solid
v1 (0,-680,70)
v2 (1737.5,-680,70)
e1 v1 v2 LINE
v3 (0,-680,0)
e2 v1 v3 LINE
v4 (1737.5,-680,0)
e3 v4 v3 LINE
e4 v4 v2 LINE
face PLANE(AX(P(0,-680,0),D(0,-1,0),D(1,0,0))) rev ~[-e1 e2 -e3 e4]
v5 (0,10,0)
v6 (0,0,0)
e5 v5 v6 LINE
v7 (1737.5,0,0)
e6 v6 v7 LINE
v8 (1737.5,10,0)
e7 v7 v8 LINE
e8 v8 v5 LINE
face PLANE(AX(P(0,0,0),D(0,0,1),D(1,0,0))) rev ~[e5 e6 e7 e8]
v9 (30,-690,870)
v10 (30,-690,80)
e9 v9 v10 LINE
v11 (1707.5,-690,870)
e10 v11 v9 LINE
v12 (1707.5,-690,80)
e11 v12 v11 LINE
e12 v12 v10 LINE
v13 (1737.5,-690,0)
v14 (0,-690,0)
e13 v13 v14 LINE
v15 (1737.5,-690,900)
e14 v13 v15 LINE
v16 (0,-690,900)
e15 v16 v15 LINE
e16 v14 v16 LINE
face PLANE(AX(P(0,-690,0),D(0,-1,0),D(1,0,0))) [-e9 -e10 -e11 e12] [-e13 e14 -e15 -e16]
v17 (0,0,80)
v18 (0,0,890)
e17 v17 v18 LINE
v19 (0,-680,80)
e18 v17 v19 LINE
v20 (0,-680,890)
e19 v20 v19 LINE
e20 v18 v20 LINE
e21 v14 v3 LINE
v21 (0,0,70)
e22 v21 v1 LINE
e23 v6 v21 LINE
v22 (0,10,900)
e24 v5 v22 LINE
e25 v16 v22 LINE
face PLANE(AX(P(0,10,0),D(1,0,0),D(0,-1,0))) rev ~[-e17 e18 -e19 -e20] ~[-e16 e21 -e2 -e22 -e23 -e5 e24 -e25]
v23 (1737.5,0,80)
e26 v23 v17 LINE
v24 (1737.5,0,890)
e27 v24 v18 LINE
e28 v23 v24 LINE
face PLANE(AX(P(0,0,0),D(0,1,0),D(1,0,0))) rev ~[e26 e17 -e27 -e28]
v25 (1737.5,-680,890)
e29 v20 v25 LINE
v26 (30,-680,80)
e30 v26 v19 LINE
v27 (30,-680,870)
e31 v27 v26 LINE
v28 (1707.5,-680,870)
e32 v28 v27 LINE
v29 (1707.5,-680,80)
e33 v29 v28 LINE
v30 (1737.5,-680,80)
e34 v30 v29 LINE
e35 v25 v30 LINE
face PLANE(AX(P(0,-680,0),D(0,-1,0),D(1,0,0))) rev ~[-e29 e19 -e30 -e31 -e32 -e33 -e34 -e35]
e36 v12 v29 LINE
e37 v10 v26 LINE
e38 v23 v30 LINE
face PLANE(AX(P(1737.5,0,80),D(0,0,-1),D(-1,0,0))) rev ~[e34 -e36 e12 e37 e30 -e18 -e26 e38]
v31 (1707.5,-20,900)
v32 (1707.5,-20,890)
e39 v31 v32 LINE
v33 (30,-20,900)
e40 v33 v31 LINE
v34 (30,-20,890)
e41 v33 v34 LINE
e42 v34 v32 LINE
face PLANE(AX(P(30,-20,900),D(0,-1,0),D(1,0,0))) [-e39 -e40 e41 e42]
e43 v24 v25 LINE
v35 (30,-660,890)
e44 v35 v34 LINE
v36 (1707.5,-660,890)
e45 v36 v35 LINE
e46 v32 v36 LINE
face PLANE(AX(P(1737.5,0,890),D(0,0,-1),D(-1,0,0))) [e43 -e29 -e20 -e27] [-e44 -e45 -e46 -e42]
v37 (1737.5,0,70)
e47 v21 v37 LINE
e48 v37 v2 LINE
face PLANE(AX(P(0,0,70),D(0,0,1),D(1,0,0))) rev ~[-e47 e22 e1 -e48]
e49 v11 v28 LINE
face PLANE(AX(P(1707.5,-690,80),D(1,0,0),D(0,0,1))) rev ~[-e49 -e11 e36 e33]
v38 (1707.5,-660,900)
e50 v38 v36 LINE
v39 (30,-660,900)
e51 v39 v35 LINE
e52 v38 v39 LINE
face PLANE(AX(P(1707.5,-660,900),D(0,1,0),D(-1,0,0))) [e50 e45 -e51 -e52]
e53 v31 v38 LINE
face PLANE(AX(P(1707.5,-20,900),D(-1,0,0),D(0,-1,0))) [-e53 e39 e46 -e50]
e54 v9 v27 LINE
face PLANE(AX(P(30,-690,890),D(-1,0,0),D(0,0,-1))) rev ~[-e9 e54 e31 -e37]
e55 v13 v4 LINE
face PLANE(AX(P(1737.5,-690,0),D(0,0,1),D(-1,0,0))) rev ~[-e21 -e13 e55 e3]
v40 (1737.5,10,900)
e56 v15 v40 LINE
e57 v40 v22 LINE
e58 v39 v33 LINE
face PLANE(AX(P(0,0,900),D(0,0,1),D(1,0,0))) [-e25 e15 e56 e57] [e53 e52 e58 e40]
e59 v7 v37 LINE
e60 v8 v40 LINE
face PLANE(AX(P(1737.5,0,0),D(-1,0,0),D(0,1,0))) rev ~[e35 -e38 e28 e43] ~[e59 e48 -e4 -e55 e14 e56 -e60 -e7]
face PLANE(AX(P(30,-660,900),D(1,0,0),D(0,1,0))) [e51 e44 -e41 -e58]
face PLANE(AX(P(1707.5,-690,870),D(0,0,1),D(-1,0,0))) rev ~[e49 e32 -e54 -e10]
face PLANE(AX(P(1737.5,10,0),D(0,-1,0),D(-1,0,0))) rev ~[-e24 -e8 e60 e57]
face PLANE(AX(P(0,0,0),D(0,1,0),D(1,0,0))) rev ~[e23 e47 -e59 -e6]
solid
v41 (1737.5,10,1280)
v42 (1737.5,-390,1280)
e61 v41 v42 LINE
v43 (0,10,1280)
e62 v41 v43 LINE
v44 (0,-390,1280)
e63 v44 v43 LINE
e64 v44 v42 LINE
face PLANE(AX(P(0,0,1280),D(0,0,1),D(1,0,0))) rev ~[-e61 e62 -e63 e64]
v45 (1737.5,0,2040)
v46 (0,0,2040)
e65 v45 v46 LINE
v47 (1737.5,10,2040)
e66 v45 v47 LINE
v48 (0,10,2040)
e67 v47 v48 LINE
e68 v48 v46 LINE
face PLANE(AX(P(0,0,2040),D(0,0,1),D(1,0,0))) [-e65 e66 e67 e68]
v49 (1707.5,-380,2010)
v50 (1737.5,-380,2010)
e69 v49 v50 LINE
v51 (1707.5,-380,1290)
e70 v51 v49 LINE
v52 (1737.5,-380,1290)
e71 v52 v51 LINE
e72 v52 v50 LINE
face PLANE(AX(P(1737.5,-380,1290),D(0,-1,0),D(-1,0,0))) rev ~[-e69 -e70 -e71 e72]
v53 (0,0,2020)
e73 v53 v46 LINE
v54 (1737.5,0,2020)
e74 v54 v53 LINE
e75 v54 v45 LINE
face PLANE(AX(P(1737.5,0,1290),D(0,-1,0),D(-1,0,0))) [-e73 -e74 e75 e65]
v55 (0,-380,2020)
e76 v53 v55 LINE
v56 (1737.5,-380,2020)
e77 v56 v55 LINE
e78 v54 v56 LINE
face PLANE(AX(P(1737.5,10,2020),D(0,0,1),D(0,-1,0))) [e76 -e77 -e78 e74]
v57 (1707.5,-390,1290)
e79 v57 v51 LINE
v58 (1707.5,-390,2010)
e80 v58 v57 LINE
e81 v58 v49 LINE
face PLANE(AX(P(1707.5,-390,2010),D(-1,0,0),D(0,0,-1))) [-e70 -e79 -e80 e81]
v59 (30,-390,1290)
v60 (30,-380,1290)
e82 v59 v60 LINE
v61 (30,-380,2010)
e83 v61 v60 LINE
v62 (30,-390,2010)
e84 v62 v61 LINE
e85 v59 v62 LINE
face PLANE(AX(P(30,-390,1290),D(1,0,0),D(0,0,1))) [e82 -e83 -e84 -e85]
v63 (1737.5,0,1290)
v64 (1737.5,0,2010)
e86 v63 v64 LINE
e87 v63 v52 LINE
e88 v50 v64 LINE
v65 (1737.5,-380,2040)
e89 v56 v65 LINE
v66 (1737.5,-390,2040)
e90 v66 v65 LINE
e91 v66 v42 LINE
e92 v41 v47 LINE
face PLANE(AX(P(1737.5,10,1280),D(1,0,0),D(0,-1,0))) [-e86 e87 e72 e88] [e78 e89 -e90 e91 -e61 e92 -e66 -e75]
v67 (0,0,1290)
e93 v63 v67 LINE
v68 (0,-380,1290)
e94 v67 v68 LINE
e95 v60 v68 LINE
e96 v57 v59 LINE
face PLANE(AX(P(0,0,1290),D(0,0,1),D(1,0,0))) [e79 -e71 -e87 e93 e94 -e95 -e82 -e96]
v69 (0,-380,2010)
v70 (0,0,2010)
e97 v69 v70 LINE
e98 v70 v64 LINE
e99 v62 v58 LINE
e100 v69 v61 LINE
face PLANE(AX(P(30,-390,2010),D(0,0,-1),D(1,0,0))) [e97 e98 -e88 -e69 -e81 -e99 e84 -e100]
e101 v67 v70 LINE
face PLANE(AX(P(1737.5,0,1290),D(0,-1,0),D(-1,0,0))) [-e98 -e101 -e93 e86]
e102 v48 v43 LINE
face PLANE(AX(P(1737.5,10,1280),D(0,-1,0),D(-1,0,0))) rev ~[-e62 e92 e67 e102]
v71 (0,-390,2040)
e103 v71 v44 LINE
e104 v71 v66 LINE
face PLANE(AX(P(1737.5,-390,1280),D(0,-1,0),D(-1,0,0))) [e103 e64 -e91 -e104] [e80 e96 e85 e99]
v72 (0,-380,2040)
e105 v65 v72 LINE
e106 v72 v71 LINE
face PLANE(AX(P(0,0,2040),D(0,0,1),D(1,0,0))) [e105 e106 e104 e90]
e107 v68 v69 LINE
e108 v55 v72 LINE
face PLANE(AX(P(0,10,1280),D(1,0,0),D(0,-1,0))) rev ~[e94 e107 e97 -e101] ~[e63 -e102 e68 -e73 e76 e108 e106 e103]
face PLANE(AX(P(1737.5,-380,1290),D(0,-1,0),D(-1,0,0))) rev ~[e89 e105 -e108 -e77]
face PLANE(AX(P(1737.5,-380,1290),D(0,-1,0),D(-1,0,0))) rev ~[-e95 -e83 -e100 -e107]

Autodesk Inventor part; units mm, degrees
ref_plane "YZ Plane" through (0, 0, 0) normal (1, 0, 0) x (0, 1, 0)
ref_plane "XZ Plane" through (0, 0, 0) normal (0, 1, 0) x (-1, 0, 0)
sketch "Sketch1" plane through (0, 0, 0) normal (0, 0, 1) x (1, 0, 0)
  line L0 (0, 0) -> (1737.5, 0)
  line L1 (1737.5, 0) -> (1737.5, 10)
  line L2 (1737.5, 10) -> (0, 10)
  line L3 (0, 10) -> (0, 0)
  dimension "ancho" = 1737.5
  dimension "espesor" = 10
extrude "Extrusion1" add sketch "Sketch1" along normal blind 900
sketch "Sketch2" plane through (0, 0, 0) normal (0, -1, 0) x (1, 0, 0)
  line L0 (0, 0) -> (1737.5, 0) construction
  line L1 (1737.5, 0) -> (1737.5, 900) construction
  line L2 (0, 900) -> (1737.5, 900) construction
  line L3 (0, 0) -> (0, 900) construction
  line L4 (0, 0) -> (0, 900) projected
  line L5 (0, 70) -> (1737.5, 70)
  line L6 (1737.5, 70) -> (1737.5, 80)
  line L7 (1737.5, 80) -> (0, 80)
  line L8 (0, 80) -> (0, 70)
  line L9 (0, 900) -> (1737.5, 900) projected
  line L10 (1737.5, 0) -> (1737.5, 900) projected
  line L11 (0, 900) -> (1737.5, 900)
  line L12 (1737.5, 900) -> (1737.5, 890)
  line L13 (1737.5, 890) -> (0, 890)
  line L14 (0, 890) -> (0, 900)
  dimension "d5" = 10
  dimension "d6" = 10
  dimension "d7" = 80
extrude "Extrusion2" add sketch "Sketch2" along normal blind 690 contours L4 L7 L6 L5 | L4 L9 L10 L13
sketch "Sketch3" plane through (0, 0, 900) normal (0, 0, 1) x (1, 0, 0)
  line L0 (1737.5, 10) -> (1737.5, -690) projected
  line L1 (1737.5, 10) -> (0, 10) projected
  line L2 (0, 10) -> (0, -690) projected
  line L3 (1737.5, -690) -> (0, -690) projected
  line L4 (30, -660) -> (30, -20)
  line L5 (30, -20) -> (1707.5, -20)
  line L6 (1707.5, -20) -> (1707.5, -660)
  line L7 (1707.5, -660) -> (30, -660)
  point P0 (0, 0)
  dimension "d10" = 30
extrude "Extrusion3" cut sketch "Sketch3" against normal up to next contours L4 L5 L6 L7
sketch "Sketch4" plane through (0, -690, 0) normal (0, -1, 0) x (1, 0, 0)
  line L0 (0, 70) -> (1737.5, 70) construction
  line L1 (1737.5, 70) -> (1737.5, 80) construction
  line L2 (1737.5, 80) -> (0, 80) construction
  line L3 (0, 80) -> (0, 70) construction
  line L4 (0, 900) -> (0, 890) construction
  line L5 (0, 890) -> (1737.5, 890) construction
  line L6 (1737.5, 890) -> (1737.5, 900) construction
  line L7 (1737.5, 900) -> (0, 900) construction
  line L8 (1737.5, 70) -> (0, 70) construction
  line L9 (0, 0) -> (0, 70) construction
  line L10 (0, 0) -> (1737.5, 0) construction
  line L11 (1737.5, 0) -> (1737.5, 70) construction
  line L12 (0, 900) -> (1737.5, 900)
  line L13 (1737.5, 900) -> (1737.5, 0)
  line L14 (1737.5, 0) -> (0, 0)
  line L15 (0, 0) -> (0, 900)
  line L16 (1737.5, 80) -> (0, 80) projected
  line L17 (30, 80) -> (1707.5, 80)
  line L18 (1707.5, 80) -> (1707.5, 890)
  line L19 (1707.5, 890) -> (30, 890)
  line L20 (30, 890) -> (30, 80)
  dimension "d13" = 30
  dimension "d14" = 30
extrude "Extrusion4" add sketch "Sketch4" against normal blind 10 contours L12 L13 L16 L18 L19 L20 L15 | L16 L13 L14 L15
ref_plane "Work Plane1" through (0, 0, 1280) normal (0, 0, 1) x (1, 0, 0)
sketch "Sketch5" plane through (0, 0, 1280) normal (0, 0, 1) x (1, 0, 0)
  line L0 (1737.5, 10) -> (0, 10) projected
  line L1 (0, 10) -> (0, -690) projected
  line L2 (1737.5, 10) -> (1737.5, -690) projected
  line L3 (1737.5, -690) -> (0, -690) projected
  line L4 (0, 10) -> (1737.5, 10)
  line L5 (1737.5, 10) -> (1737.5, -390)
  line L6 (1737.5, -390) -> (0, -390)
  line L7 (0, -390) -> (0, 10)
  line L8 (1707.5, -660) -> (1707.5, -20) projected
  line L9 (0, -390) -> (1707.5, -390)
  line L10 (1707.5, -390) -> (1707.5, -380)
  line L11 (1707.5, -380) -> (0, -380)
  line L12 (0, -380) -> (0, -390)
  point P0 (0, 0)
  dimension "d36" = 1737.5
  dimension "profundidad2" = 400
  dimension "d39" = 10
extrude "Extrusion5" add sketch "Sketch5" along normal blind 10 contours L2 L6 L8 L11 L1 L0 | L11 L8 L6 L1
sketch "Sketch9" plane through (0, -690, 0) normal (0, -1, 0) x (1, 0, 0)
  line L0 (30, 890) -> (1707.5, 890) construction
  line L1 (1707.5, 80) -> (30, 80) construction
  line L2 (0, 900) -> (0, 0) construction
  line L3 (1737.5, 0) -> (0, 0) construction
  line L4 (1737.5, 900) -> (1737.5, 0) construction
  line L5 (1737.5, 900) -> (0, 900) construction
  line L6 (1737.5, 70) -> (1737.5, 0) projected
  line L7 (0, 900) -> (1737.5, 900)
  line L8 (1737.5, 900) -> (1737.5, 870)
  line L9 (1737.5, 870) -> (0, 870)
  line L10 (0, 870) -> (0, 900)
  line L11 (1707.5, 890) -> (1707.5, 80) projected
  line L12 (30, 80) -> (30, 890) projected
  point P0 (1737.5, 890)
  point P1 (1737.5, 80)
  dimension "d32" = 30
extrude "Extrusion9" add sketch "Sketch9" against normal blind 10
sketch "Boceto10" plane through (0, 0, 1290) normal (0, 0, 1) x (1, 0, 0)
  line L0 (0, 10) -> (0, -390) projected
  line L1 (0, -390) -> (1737.5, -390) projected
  line L2 (1737.5, -390) -> (1737.5, 10) projected
  line L3 (1737.5, 10) -> (0, 10) projected
  line L4 (1737.5, 10) -> (1737.5, -690) projected
  line L5 (0, -390) -> (1737.5, -390)
  line L6 (1737.5, -390) -> (1737.5, -380)
  line L7 (1737.5, -380) -> (0, -380)
  line L8 (0, -380) -> (0, -390)
  line L9 (0, 10) -> (1737.5, 10)
  line L10 (1737.5, 10) -> (1737.5, 0)
  line L11 (1737.5, 0) -> (0, 0)
  line L12 (0, 0) -> (0, 10)
  point P0 (0, 0)
  dimension "d40" = 10
  dimension "d41" = 10
extrude "Extrusión10" add sketch "Boceto10" along normal blind 750 contours L3 L2 L11 L0 | L7 L2 L1 L0
sketch "Boceto11" plane through (0, -390, 1280) normal (0, -1, 0) x (1, 0, 0)
  line L0 (0, 760) -> (1737.5, 760) projected
  line L1 (1737.5, 0) -> (1737.5, 760) projected
  line L2 (0, 760) -> (1737.5, 760) projected
  line L3 (0, 0) -> (0, 760) projected
  line L4 (30, 730) -> (1707.5, 730)
  line L5 (1707.5, 730) -> (1707.5, 10)
  line L6 (1707.5, 10) -> (30, 10)
  line L7 (30, 10) -> (30, 730)
  line L8 (0, 0) -> (1737.5, 0) projected
  point P0 (0, -1280)
  dimension "d44" = 30
  dimension "d45" = 30
  dimension "d46" = 30
extrude "Extrusión11" cut sketch "Boceto11" against normal up to next contours L4 L5 L6 L7
sketch "Sketch13" plane through (1737.5, -390, 1280) normal (1, 0, 0) x (0, 0, -1)
  line L0 (0, 0) -> (0, 400) construction
  line L1 (0, 400) -> (-760, 400) construction
  line L2 (-10, 390) -> (-760, 390) construction
  line L3 (-10, 10) -> (-760, 10) construction
  line L4 (-760, 0) -> (-760, 10) construction
  line L5 (0, 0) -> (-760, 0) construction
  line L6 (1280, 400) -> (-760, 400) projected
  line L7 (-740, 0) -> (-730, 0)
  line L8 (-730, 0) -> (-730, 400)
  line L9 (-730, 400) -> (-740, 400)
  line L10 (-740, 400) -> (-740, 0)
  line L11 (-760, 390) -> (-760, 400) projected
  line L12 (-10, 10) -> (-10, 390) projected
  point P0 (1280, 390)
  point P1 (1030, 400)
  dimension "d53" = 10
  dimension "d54" = 20
extrude "Extrusion13" add sketch "Sketch13" against normal blind 1737.5
equation "\"d5\" = espesor"
equation "\"d6\" = espesor"
equation "\"d10\" = 3 * espesor"
equation "\"d13\" = 3 * espesor"
equation "\"d14\" = 3 * espesor"
equation "\"d15\" = espesor"
equation "\"d36\" = ancho"
equation "\"d39\" = espesor"
equation "\"d18\" = espesor"
equation "\"d32\" = 3 * espesor"
equation "\"d33\" = espesor"
equation "\"d40\" = espesor"
equation "\"d41\" = espesor"
equation "\"d44\" = 3 * espesor"
equation "\"d45\" = 3 * espesor"
equation "\"d46\" = 3 * espesor"
equation "\"d53\" = espesor"
equation "\"d54\" = 2 * espesor"
equation "\"d55\" = ancho"
properties part number "esqueleto_mueble"
